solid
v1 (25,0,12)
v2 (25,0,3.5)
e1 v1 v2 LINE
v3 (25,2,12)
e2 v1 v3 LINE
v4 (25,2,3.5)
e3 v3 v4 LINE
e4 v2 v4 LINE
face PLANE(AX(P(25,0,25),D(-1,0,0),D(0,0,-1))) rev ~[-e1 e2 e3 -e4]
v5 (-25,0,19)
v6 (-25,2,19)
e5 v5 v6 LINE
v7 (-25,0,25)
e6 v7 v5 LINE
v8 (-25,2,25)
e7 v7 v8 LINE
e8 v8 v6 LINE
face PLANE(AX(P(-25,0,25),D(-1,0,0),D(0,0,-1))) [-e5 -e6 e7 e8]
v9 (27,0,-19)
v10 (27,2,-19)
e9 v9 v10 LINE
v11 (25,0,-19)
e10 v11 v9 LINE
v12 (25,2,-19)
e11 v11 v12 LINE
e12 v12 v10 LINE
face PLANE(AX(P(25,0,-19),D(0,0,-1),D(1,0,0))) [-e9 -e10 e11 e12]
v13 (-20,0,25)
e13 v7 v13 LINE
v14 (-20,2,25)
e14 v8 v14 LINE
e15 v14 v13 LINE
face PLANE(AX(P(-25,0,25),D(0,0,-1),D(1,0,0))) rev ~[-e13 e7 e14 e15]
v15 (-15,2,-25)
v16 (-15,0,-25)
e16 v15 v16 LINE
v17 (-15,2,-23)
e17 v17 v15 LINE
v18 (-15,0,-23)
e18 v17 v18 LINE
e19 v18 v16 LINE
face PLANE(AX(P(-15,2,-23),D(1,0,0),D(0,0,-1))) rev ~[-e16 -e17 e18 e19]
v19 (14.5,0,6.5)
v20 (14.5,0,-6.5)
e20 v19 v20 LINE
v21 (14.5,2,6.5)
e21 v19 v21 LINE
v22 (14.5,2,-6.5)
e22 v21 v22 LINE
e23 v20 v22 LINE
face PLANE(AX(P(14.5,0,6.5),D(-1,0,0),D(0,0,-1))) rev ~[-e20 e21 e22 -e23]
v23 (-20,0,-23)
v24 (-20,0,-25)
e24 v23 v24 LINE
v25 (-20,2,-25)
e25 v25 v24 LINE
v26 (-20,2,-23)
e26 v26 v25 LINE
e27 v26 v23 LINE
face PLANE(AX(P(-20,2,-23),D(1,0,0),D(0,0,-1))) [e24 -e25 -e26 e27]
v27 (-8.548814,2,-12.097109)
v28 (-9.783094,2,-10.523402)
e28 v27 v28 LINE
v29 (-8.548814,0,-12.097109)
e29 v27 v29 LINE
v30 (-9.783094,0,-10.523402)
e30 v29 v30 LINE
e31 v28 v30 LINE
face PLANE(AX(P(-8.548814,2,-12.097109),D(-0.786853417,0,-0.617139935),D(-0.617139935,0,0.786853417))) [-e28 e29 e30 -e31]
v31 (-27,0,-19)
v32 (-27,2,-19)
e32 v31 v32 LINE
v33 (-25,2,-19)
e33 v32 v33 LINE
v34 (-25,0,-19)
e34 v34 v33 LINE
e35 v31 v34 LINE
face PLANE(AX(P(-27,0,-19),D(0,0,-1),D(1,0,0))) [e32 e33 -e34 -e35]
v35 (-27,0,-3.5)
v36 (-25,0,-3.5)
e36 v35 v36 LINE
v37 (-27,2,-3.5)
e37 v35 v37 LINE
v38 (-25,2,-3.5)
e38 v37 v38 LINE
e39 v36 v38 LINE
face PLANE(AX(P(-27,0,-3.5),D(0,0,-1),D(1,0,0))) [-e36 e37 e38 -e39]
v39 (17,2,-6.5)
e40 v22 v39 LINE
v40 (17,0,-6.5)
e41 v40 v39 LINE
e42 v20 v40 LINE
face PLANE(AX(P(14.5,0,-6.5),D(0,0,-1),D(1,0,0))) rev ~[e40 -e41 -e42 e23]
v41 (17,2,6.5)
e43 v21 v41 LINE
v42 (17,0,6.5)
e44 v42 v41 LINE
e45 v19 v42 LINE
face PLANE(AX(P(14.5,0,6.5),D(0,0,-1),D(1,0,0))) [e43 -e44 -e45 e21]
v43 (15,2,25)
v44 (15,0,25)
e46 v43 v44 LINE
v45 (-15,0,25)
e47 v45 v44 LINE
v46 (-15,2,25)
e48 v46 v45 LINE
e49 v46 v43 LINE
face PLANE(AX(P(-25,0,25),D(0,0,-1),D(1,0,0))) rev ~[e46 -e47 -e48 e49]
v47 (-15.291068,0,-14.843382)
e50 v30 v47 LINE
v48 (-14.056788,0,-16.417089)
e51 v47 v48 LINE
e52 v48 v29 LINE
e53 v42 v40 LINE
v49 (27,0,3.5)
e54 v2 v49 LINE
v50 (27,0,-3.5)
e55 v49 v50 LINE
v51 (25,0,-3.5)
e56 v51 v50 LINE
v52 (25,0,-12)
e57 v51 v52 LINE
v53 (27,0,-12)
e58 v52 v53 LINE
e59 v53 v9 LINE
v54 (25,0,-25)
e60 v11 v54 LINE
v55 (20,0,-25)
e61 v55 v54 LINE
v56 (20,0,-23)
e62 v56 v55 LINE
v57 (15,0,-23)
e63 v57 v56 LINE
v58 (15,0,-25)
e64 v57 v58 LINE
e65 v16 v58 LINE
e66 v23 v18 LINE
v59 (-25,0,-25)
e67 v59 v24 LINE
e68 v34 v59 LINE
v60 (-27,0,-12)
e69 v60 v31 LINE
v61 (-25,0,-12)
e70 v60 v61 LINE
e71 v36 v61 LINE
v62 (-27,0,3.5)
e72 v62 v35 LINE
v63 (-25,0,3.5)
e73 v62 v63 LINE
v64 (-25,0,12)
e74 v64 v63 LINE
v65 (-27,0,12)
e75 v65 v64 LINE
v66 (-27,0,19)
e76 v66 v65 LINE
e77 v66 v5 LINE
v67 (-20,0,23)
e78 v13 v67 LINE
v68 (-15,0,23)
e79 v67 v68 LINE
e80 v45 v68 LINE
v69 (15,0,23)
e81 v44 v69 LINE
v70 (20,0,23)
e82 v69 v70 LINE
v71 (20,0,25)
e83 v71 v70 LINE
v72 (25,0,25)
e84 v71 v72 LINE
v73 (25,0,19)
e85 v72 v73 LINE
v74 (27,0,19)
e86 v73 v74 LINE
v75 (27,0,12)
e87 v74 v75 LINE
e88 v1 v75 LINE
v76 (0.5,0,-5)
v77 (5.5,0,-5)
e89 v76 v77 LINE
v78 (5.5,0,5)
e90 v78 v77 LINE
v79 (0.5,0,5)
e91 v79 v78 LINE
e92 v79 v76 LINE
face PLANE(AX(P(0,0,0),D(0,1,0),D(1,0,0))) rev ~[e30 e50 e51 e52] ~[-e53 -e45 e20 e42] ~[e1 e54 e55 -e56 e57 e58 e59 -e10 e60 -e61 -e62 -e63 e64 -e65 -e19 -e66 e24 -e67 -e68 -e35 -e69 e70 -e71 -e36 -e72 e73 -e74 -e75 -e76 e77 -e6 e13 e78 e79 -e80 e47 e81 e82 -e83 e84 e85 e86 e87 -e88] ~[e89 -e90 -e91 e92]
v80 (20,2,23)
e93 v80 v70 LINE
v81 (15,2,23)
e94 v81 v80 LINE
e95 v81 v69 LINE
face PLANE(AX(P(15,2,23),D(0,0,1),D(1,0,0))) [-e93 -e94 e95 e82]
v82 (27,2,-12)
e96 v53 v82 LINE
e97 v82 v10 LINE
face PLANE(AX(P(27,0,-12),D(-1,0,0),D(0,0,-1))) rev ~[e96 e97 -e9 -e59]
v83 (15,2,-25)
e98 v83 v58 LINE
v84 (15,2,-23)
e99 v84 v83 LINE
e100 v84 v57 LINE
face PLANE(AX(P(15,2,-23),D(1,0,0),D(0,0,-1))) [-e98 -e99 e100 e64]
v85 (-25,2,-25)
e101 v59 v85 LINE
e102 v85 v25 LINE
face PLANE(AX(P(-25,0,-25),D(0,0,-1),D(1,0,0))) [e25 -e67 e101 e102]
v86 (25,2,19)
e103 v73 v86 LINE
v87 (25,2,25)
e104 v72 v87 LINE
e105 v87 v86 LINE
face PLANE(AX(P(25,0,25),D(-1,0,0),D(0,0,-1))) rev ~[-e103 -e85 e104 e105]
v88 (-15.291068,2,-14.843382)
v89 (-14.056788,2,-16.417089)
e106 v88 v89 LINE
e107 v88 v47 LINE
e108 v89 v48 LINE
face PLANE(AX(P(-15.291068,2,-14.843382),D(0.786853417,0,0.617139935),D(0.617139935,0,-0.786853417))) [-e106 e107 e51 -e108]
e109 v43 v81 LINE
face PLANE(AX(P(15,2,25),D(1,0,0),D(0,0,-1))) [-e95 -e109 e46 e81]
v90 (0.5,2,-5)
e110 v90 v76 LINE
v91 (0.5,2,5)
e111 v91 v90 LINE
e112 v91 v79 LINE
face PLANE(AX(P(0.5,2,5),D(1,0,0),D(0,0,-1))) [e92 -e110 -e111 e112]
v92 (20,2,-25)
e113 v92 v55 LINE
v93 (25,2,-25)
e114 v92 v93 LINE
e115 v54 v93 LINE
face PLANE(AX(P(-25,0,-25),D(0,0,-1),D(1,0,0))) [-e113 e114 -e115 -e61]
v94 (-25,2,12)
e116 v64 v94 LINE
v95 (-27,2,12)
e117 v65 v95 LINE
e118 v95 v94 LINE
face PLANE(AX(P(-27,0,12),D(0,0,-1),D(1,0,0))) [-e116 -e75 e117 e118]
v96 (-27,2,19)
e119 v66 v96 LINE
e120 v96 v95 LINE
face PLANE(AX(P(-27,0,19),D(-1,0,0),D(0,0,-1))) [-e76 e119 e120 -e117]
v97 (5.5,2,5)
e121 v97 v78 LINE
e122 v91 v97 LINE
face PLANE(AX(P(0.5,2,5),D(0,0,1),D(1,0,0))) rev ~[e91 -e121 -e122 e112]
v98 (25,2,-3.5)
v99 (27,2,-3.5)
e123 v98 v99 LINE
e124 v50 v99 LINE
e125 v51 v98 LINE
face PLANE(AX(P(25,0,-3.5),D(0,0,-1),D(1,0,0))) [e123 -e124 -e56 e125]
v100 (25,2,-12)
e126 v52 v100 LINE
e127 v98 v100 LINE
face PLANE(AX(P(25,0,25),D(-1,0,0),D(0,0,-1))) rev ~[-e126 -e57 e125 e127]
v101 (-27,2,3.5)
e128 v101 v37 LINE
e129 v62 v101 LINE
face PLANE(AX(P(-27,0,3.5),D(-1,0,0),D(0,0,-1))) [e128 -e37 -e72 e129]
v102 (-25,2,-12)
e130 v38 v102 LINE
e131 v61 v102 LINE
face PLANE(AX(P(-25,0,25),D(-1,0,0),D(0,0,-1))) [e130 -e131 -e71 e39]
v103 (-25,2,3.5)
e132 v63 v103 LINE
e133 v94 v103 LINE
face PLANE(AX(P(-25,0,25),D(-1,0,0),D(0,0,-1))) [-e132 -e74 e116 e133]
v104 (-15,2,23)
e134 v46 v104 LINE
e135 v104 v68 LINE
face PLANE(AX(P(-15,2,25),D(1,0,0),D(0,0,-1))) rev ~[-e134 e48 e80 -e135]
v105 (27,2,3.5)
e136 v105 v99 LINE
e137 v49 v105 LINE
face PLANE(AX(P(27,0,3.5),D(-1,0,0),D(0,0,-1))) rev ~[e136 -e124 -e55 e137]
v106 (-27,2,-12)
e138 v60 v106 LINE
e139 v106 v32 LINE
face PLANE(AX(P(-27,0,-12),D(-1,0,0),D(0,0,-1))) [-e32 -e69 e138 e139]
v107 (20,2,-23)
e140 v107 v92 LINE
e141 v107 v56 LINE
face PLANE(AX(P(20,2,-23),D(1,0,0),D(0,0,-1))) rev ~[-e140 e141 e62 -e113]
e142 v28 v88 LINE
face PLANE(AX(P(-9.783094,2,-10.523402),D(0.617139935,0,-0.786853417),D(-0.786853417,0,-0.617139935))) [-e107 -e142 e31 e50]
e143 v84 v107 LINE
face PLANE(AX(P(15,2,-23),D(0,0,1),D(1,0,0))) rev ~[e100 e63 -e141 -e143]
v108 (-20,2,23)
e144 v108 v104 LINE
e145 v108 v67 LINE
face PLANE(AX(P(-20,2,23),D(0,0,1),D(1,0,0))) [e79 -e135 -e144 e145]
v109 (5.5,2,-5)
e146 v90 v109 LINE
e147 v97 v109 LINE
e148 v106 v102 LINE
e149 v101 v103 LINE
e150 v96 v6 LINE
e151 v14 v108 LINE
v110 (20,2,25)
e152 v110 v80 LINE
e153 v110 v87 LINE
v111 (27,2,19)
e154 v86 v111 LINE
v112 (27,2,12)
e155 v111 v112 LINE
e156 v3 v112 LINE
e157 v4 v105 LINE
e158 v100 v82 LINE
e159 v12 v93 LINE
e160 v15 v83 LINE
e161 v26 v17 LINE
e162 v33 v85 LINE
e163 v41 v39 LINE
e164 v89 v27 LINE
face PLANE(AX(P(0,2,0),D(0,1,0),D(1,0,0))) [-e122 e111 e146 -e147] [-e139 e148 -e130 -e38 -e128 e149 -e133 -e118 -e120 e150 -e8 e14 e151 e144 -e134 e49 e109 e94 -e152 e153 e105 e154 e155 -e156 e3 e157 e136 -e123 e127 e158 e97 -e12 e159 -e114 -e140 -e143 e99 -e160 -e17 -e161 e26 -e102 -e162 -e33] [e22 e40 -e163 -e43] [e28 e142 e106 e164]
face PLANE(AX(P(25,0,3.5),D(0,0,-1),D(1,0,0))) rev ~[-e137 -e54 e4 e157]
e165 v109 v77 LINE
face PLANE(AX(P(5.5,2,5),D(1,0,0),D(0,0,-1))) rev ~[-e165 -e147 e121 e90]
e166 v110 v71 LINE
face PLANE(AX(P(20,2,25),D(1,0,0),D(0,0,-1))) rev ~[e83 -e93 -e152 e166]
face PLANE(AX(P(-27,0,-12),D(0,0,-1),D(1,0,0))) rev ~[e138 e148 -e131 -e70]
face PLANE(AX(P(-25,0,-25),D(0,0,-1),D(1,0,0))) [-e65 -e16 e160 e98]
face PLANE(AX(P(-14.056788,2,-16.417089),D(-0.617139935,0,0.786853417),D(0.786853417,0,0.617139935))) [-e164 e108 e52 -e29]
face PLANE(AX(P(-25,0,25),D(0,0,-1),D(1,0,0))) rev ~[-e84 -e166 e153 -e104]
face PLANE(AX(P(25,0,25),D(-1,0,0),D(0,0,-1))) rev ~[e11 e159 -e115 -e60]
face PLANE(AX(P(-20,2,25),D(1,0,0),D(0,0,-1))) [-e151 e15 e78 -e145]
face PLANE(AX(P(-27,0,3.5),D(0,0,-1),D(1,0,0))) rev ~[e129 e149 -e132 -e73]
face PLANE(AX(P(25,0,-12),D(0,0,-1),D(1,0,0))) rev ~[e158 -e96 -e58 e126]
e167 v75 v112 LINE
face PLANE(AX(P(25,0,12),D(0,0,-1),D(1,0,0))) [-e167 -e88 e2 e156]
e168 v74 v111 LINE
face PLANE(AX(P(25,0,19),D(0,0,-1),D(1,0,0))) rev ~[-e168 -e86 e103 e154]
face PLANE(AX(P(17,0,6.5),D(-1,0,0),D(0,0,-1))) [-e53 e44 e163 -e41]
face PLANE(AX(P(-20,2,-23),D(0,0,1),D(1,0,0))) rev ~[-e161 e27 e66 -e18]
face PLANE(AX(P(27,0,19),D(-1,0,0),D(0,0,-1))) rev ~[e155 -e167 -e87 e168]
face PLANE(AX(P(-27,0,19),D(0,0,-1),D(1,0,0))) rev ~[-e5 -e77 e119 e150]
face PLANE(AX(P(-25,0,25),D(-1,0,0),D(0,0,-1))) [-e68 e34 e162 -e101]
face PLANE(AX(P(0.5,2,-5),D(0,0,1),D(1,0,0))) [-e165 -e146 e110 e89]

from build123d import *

# Parameters (mm, degrees)
SKETCH1_W           = 50
SKETCH1_H           = 50
SKETCH1_W_2         = 2.5
SKETCH1_H_2         = 13
SKETCH1_W_3         = 2
SKETCH1_H_3         = 7
BOSS_EXTRUDE1_DEPTH = 2
SKETCH3_W           = 5
SKETCH3_H           = 2
CUT_EXTRUDE1_DEPTH  = 2
SKETCH4_W           = 5
SKETCH4_H           = 10
CUT_EXTRUDE2_DEPTH  = 2
CUT_EXTRUDE3_DEPTH  = 2


with BuildPart() as part:
    # Sketch1 → Boss-Extrude1 (new body)
    # profile 1 of 7: a face of its own
    with BuildSketch(Plane(origin=(0, 0, 0), x_dir=(1, 0, 0), z_dir=(0, 1, 0))):
        Rectangle(SKETCH1_W, SKETCH1_H)
        with Locations((15.75, 0)):
            Rectangle(SKETCH1_W_2, SKETCH1_H_2, mode=Mode.SUBTRACT)
    # profile 2 of 7: a face of its own
    with BuildSketch(Plane(origin=(0, 0, 0), x_dir=(1, 0, 0), z_dir=(0, 1, 0))):
        with Locations((26, 0)):
            Rectangle(SKETCH1_W_3, SKETCH1_H_3)
    # profile 3 of 7: a face of its own
    with BuildSketch(Plane(origin=(0, 0, 0), x_dir=(1, 0, 0), z_dir=(0, 1, 0))):
        with Locations((26, 15.5)):
            Rectangle(SKETCH1_W_3, SKETCH1_H_3)
    # profile 4 of 7: a face of its own
    with BuildSketch(Plane(origin=(0, 0, 0), x_dir=(1, 0, 0), z_dir=(0, 1, 0))):
        with Locations((26, -15.5)):
            Rectangle(SKETCH1_W_3, SKETCH1_H_3)
    # profile 5 of 7: a face of its own
    with BuildSketch(Plane(origin=(0, 0, 0), x_dir=(1, 0, 0), z_dir=(0, 1, 0))):
        with Locations((-26, 0)):
            Rectangle(SKETCH1_W_3, SKETCH1_H_3)
    # profile 6 of 7: a face of its own
    with BuildSketch(Plane(origin=(0, 0, 0), x_dir=(1, 0, 0), z_dir=(0, 1, 0))):
        with Locations((-26, -15.5)):
            Rectangle(SKETCH1_W_3, SKETCH1_H_3)
    # profile 7 of 7: a face of its own
    with BuildSketch(Plane(origin=(0, 0, 0), x_dir=(1, 0, 0), z_dir=(0, 1, 0))):
        with Locations((-26, 15.5)):
            Rectangle(SKETCH1_W_3, SKETCH1_H_3)
    extrude(amount=BOSS_EXTRUDE1_DEPTH)

    # Sketch3 → Cut-Extrude1 (cut)
    with BuildSketch(Plane(origin=(0, 2, 0), x_dir=(1, 0, 0), z_dir=(0, 1, 0))):
        with Locations((17.5, 24)):
            Rectangle(SKETCH3_W, SKETCH3_H)
        with Locations((17.5, -24)):
            Rectangle(SKETCH3_W, SKETCH3_H)
        with Locations((-17.5, 24)):
            Rectangle(SKETCH3_W, SKETCH3_H)
        with Locations((-17.5, -24)):
            Rectangle(SKETCH3_W, SKETCH3_H)
    extrude(amount=-CUT_EXTRUDE1_DEPTH, mode=Mode.SUBTRACT)

    # Sketch4 → Cut-Extrude2 (cut)
    with BuildSketch(Plane(origin=(0, 2, 0), x_dir=(1, 0, 0), z_dir=(0, 1, 0))):
        with Locations((3, 0)):
            Rectangle(SKETCH4_W, SKETCH4_H)
    extrude(amount=-CUT_EXTRUDE2_DEPTH, mode=Mode.SUBTRACT)

    # Sketch5 → Cut-Extrude3 (cut)
    with BuildSketch(Plane(origin=(0, 2, 0), x_dir=(1, 0, 0), z_dir=(0, 1, 0))):
        Polygon((-14.056788221, 16.417088801), (-8.5488143, 12.097109255), (-9.78309417, 10.52340242), (-15.291068091, 14.843381966), align=None)
    extrude(amount=-CUT_EXTRUDE3_DEPTH, mode=Mode.SUBTRACT)


solid = part.part
